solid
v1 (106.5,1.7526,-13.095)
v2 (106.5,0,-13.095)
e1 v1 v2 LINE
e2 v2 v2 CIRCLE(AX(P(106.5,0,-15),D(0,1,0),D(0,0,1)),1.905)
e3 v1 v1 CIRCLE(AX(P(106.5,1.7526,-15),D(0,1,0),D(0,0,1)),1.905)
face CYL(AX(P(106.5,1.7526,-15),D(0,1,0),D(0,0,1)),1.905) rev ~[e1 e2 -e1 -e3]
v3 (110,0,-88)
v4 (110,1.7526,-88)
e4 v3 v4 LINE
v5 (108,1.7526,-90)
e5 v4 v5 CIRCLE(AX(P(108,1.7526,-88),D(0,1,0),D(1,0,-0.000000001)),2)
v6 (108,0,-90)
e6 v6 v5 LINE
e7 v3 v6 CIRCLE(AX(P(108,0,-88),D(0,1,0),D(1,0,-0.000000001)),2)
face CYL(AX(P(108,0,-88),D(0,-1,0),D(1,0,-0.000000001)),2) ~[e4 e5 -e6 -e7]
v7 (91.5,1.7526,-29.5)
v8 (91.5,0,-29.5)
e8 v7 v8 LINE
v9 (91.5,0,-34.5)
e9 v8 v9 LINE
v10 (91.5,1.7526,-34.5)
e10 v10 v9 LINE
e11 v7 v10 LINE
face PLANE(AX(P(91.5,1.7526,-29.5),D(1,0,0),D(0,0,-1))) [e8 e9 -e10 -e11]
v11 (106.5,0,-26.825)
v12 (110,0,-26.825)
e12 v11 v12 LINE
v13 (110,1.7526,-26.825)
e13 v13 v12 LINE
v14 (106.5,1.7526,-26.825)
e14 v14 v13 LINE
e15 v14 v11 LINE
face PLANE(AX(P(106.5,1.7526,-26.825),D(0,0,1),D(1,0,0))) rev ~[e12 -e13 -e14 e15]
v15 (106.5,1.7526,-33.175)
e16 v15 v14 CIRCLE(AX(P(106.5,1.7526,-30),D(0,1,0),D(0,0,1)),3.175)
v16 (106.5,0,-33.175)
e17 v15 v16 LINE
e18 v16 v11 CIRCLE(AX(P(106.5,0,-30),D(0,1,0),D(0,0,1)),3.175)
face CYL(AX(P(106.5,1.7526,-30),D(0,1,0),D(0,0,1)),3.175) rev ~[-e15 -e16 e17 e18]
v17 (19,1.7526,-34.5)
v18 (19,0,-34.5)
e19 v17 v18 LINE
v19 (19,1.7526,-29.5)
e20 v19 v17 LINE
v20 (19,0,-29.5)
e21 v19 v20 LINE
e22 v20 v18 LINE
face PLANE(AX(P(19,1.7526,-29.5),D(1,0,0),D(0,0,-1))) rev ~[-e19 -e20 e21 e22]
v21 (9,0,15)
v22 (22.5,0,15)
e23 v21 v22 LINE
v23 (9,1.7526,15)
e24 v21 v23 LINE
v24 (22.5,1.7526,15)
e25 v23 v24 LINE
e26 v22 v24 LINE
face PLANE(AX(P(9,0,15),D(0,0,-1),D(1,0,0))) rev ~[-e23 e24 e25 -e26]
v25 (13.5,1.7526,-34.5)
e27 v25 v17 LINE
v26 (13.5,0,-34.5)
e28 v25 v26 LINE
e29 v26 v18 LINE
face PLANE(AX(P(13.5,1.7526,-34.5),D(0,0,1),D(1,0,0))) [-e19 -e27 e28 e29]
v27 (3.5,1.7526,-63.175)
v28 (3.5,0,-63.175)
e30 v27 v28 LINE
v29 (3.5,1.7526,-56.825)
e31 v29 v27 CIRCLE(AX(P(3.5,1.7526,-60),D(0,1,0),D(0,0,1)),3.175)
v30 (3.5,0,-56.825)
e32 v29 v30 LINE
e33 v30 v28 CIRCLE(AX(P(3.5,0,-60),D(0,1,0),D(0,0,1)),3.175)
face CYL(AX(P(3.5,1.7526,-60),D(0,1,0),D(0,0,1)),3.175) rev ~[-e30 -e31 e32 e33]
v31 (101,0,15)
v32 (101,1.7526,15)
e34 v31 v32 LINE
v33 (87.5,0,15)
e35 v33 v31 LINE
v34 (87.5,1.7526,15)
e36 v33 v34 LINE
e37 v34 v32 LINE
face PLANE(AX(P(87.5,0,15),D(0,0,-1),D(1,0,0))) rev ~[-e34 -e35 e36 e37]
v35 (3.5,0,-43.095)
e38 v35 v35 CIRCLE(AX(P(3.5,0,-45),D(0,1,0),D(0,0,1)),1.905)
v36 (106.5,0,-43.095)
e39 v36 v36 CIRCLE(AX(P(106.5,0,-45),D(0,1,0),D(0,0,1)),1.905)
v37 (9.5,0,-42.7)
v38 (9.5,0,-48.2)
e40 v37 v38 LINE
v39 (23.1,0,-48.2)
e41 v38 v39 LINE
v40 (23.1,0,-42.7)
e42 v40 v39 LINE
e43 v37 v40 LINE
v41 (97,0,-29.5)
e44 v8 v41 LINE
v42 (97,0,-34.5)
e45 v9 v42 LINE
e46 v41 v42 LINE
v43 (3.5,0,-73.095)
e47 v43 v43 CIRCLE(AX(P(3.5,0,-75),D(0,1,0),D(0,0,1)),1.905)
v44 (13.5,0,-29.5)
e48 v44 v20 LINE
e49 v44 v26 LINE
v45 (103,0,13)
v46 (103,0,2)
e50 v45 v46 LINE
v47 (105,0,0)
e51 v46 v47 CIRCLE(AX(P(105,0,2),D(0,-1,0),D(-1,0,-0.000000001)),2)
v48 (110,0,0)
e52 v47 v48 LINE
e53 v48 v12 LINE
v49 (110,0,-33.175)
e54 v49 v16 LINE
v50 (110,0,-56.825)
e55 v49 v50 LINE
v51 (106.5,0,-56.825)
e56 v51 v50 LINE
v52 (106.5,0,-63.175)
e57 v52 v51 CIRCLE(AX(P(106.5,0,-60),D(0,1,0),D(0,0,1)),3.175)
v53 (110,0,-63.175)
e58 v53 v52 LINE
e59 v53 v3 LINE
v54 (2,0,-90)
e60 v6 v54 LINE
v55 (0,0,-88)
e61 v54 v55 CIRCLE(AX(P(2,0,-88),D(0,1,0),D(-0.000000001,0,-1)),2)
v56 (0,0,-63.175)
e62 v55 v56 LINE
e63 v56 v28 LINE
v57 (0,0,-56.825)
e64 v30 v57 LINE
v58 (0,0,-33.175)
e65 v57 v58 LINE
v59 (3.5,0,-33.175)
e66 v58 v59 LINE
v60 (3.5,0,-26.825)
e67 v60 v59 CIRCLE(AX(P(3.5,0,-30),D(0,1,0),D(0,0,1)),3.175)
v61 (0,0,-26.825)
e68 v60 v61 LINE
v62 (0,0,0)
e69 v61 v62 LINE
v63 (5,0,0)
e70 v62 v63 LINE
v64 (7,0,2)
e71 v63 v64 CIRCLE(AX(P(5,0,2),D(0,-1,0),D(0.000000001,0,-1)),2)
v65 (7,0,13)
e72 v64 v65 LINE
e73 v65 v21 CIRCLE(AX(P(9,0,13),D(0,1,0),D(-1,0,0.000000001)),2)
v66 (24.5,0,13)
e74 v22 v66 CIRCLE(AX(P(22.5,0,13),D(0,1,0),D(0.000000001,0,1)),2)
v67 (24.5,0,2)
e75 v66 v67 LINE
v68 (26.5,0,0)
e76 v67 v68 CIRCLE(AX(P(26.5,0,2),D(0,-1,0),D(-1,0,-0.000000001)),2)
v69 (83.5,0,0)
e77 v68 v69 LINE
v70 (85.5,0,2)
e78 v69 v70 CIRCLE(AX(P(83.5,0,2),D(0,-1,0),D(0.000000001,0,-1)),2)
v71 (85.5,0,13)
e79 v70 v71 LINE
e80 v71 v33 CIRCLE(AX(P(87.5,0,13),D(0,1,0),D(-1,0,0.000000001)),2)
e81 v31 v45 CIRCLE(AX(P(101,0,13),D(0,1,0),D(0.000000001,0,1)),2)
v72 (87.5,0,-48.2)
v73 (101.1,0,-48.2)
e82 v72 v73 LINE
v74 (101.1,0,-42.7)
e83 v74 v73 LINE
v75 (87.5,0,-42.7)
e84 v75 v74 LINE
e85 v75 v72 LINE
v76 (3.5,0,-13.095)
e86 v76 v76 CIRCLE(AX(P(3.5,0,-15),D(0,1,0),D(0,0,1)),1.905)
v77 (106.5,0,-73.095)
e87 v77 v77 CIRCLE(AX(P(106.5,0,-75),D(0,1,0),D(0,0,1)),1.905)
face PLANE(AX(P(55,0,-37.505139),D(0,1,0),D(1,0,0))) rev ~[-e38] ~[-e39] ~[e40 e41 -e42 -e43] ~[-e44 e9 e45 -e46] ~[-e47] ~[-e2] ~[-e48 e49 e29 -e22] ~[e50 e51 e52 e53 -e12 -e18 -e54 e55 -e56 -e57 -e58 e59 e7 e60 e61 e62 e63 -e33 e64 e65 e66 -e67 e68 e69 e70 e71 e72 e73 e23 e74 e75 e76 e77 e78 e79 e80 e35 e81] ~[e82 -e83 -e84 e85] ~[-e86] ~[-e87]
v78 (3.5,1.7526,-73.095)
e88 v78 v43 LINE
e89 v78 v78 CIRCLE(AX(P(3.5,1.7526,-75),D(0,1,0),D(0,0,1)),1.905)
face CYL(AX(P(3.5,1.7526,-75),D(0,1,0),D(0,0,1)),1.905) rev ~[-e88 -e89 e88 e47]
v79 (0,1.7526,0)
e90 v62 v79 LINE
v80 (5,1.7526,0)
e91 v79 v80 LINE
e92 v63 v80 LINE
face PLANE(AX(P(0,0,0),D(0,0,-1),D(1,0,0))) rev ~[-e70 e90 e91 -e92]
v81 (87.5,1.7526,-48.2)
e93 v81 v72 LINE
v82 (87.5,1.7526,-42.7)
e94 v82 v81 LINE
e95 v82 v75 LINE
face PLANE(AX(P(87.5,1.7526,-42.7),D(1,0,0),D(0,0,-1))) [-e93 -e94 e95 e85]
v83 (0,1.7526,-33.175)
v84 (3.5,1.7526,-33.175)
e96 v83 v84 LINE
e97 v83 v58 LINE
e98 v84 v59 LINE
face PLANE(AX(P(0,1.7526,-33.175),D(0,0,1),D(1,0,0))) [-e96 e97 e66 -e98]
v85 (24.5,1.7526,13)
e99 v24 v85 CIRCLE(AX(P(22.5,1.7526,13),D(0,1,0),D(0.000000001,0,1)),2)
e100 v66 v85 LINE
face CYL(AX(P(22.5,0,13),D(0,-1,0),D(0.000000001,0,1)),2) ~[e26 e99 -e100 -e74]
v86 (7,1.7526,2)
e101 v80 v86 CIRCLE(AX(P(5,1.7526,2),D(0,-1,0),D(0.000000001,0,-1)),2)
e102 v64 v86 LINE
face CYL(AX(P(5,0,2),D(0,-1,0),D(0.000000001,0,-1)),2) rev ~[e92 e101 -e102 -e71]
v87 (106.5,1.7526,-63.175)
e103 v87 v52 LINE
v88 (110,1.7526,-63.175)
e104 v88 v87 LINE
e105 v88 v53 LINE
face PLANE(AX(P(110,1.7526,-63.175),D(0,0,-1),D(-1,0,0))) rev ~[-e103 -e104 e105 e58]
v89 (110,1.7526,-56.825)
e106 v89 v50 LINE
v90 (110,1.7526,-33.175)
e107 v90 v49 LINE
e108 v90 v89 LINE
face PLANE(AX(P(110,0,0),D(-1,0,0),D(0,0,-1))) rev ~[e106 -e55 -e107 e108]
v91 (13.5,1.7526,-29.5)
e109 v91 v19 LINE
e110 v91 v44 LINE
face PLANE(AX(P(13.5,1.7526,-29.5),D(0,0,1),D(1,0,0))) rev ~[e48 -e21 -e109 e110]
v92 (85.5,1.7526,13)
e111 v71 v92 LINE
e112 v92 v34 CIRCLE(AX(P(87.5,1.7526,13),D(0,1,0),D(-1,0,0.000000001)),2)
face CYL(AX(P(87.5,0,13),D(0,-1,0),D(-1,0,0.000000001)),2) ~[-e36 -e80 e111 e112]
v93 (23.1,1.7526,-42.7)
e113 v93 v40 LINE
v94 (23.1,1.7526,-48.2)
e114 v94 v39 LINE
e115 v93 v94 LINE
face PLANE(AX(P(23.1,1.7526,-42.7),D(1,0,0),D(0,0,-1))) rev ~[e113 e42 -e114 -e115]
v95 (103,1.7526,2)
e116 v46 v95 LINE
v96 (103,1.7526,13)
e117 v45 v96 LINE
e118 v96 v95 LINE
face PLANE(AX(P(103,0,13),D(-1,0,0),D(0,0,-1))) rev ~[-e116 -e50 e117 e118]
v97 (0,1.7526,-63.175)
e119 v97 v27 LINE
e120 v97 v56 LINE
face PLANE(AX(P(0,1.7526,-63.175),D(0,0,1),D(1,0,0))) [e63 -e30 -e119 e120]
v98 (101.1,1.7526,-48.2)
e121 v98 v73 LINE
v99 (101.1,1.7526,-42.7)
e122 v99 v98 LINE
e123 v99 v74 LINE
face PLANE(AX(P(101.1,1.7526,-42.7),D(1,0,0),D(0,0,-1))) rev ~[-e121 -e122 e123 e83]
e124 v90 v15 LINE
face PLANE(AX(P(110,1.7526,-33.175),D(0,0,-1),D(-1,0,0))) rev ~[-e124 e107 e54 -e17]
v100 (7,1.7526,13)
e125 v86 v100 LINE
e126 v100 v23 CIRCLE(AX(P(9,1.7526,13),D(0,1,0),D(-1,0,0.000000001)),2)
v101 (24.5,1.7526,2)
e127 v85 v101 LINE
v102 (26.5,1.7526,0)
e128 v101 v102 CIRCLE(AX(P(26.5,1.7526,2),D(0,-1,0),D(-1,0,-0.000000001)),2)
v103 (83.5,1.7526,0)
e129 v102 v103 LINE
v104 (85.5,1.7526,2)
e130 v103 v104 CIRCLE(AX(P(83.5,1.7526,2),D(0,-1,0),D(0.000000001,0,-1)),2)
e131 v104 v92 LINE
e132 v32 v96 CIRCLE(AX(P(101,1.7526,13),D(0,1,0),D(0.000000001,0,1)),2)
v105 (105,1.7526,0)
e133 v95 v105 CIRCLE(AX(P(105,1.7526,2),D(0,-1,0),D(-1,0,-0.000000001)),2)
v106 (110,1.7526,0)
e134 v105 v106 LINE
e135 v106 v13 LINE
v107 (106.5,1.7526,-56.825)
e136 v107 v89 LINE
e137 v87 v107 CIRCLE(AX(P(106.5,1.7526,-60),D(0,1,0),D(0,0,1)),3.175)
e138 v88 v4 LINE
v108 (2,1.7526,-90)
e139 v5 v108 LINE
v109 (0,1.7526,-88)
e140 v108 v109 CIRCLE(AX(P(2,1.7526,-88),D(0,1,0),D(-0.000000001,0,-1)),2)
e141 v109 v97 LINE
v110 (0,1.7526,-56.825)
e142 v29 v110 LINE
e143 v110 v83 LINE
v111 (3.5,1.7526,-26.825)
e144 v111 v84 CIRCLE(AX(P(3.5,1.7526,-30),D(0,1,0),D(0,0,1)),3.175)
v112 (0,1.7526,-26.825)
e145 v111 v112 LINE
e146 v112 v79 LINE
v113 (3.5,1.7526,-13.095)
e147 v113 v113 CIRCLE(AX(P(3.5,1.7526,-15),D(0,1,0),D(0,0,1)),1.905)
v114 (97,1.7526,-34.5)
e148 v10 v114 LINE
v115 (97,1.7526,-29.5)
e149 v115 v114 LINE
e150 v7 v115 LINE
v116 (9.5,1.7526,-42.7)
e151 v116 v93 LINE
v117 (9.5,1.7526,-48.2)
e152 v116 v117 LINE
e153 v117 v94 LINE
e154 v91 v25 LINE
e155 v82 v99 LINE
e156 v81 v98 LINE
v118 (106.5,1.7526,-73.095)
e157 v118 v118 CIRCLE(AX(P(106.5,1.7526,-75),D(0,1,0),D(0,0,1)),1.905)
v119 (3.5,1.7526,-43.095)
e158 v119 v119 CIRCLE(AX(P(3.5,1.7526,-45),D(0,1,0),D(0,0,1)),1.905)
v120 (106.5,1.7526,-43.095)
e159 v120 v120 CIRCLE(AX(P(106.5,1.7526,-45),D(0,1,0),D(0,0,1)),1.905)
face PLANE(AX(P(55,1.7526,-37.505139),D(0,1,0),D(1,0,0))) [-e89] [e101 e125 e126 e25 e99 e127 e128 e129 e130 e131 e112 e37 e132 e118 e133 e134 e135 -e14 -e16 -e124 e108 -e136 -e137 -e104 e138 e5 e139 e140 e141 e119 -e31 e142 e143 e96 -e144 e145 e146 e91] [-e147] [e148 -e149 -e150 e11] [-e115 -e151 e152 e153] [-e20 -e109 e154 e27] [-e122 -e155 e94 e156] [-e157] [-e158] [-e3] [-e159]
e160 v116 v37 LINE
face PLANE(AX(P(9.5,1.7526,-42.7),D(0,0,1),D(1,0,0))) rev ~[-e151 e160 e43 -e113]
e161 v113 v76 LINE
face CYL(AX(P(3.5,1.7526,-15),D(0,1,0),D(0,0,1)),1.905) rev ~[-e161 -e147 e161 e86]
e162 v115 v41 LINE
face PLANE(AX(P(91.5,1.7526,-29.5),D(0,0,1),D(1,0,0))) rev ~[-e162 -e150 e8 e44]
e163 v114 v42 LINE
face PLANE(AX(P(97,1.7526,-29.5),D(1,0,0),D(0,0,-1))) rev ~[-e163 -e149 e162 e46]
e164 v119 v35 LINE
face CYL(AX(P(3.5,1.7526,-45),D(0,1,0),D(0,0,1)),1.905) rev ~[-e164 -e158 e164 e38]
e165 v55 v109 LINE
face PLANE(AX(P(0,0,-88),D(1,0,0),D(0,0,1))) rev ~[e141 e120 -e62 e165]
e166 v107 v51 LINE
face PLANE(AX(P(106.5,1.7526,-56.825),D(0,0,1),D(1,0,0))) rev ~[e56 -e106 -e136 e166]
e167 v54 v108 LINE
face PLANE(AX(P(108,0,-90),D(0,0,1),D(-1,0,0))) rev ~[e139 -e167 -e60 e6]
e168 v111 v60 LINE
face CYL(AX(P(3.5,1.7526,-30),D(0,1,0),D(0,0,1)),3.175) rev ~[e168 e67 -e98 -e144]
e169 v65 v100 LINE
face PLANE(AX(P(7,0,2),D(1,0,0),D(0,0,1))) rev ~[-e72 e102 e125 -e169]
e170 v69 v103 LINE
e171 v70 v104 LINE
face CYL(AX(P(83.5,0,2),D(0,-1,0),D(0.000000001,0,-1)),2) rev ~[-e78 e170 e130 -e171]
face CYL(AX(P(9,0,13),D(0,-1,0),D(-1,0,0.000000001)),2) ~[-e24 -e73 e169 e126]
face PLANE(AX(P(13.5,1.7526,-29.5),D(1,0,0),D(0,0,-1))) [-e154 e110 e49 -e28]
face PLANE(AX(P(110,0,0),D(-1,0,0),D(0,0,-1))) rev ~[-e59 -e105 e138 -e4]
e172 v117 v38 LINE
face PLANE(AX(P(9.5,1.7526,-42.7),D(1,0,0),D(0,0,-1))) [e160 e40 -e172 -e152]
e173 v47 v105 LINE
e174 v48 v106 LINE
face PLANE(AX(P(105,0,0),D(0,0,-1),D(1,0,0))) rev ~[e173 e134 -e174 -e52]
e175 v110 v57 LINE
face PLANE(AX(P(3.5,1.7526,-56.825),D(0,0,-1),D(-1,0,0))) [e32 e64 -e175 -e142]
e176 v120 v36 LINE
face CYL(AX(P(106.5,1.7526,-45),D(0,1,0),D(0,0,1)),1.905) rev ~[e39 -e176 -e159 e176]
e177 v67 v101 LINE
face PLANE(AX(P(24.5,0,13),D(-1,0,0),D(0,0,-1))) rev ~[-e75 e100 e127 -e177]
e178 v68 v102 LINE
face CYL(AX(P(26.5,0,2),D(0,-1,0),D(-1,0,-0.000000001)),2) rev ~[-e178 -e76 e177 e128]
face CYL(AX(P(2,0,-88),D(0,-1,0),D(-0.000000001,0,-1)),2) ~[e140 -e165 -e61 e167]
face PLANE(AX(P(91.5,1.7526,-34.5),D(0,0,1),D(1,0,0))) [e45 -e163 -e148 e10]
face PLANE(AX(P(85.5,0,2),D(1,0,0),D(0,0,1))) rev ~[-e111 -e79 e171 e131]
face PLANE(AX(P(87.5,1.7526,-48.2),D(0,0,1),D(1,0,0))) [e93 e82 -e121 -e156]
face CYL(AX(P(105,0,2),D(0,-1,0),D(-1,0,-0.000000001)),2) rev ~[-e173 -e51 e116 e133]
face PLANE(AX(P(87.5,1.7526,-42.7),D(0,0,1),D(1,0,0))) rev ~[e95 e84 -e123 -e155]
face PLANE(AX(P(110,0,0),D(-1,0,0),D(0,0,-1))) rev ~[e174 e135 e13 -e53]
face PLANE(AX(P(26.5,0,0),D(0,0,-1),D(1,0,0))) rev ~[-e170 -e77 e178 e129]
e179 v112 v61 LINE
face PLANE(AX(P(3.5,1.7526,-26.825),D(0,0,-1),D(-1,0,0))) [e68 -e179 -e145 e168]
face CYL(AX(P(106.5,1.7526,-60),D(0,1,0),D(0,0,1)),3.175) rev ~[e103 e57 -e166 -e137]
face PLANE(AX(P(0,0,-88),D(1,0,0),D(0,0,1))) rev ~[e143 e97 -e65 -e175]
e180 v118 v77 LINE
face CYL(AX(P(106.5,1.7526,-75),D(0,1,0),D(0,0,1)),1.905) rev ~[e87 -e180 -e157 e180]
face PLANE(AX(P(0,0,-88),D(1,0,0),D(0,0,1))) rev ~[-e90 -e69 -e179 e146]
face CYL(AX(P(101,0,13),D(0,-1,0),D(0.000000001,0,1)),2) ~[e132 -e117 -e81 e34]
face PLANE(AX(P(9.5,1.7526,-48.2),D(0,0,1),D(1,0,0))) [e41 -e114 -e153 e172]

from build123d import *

# Parameters (mm, degrees)
FR4_DEPTH                     = 1.7526
SKETCH6_W                     = 5.5
SKETCH6_H                     = 5
SKETCH6_W_2                   = 13.6
SKETCH6_H_2                   = 5.5
FIBER_TRANSCEIVER_SLOTS_DEPTH = 143.1375095
SKETCH7_R                     = 1.905
CUT_EXTRUDE1_DEPTH            = 143.1375095
SKETCH8_R                     = 3.175
CUT_EXTRUDE2_DEPTH            = 143.1375095
CUT_EXTRUDE3_DEPTH            = 143.1375095


with BuildPart() as part:
    # Sketch1 → FR4 (new body)
    with BuildSketch(Plane(origin=(0, 0, 0), x_dir=(1, 0, 0), z_dir=(0, 1, 0))):
        with BuildLine():
            Line((0, 0), (5, 0))
            ThreePointArc((5, 0), (6.414213562, -0.585786438), (7, -2))
            Line((7, -2), (7, -13))
            ThreePointArc((7, -13), (7.585786438, -14.414213562), (9, -15))
            Line((9, -15), (22.5, -15))
            ThreePointArc((22.5, -15), (23.914213562, -14.414213562), (24.5, -13))
            Line((24.5, -13), (24.5, -2))
            ThreePointArc((24.5, -2), (25.085786438, -0.585786438), (26.5, 0))
            Line((26.5, 0), (83.5, 0))
            ThreePointArc((83.5, 0), (84.914213562, -0.585786438), (85.5, -2))
            Line((85.5, -2), (85.5, -13))
            ThreePointArc((85.5, -13), (86.085786438, -14.414213562), (87.5, -15))
            Line((87.5, -15), (101, -15))
            ThreePointArc((101, -15), (102.414213562, -14.414213562), (103, -13))
            Line((103, -13), (103, -2))
            ThreePointArc((103, -2), (103.585786438, -0.585786438), (105, 0))
            Line((105, 0), (110, 0))
            Line((110, 0), (110, 88))
            ThreePointArc((110, 88), (109.414213562, 89.414213562), (108, 90))
            Line((108, 90), (2, 90))
            ThreePointArc((2, 90), (0.585786438, 89.414213562), (0, 88))
            Line((0, 88), (0, 0))
        make_face()
    extrude(amount=FR4_DEPTH)

    # Sketch6 → fiber-transceiver-slots (cut, through all)
    with BuildSketch(Plane(origin=(0, 1.7526, 0), x_dir=(1, 0, 0), z_dir=(0, 1, 0))):
        with Locations((16.25, 32)):
            Rectangle(SKETCH6_W, SKETCH6_H)
        with Locations((94.25, 32)):
            Rectangle(SKETCH6_W, SKETCH6_H)
        with Locations((94.3, 45.45)):
            Rectangle(SKETCH6_W_2, SKETCH6_H_2)
        with Locations((16.3, 45.45)):
            Rectangle(SKETCH6_W_2, SKETCH6_H_2)
    extrude(amount=-FIBER_TRANSCEIVER_SLOTS_DEPTH, mode=Mode.SUBTRACT)

    # Sketch7 → Cut-Extrude1 (cut, through all)
    with BuildSketch(Plane(origin=(0, 1.7526, 0), x_dir=(1, 0, 0), z_dir=(0, 1, 0))):
        with Locations(Location((3.5, 15, 0), (0, 0, 270))):
            Circle(SKETCH7_R)
        with Locations(Location((106.5, 15, 0), (0, 0, 270))):
            Circle(SKETCH7_R)
        with Locations(Location((106.5, 30, 0), (0, 0, 270))):
            Circle(SKETCH7_R)
        with Locations(Location((106.5, 45, 0), (0, 0, 270))):
            Circle(SKETCH7_R)
        with Locations(Location((106.5, 60, 0), (0, 0, 270))):
            Circle(SKETCH7_R)
        with Locations(Location((106.5, 75, 0), (0, 0, 270))):
            Circle(SKETCH7_R)
        with Locations(Location((3.5, 30, 0), (0, 0, 270))):
            Circle(SKETCH7_R)
        with Locations(Location((3.5, 45, 0), (0, 0, 270))):
            Circle(SKETCH7_R)
        with Locations(Location((3.5, 60, 0), (0, 0, 270))):
            Circle(SKETCH7_R)
        with Locations(Location((3.5, 75, 0), (0, 0, 270))):
            Circle(SKETCH7_R)
    extrude(amount=-CUT_EXTRUDE1_DEPTH, mode=Mode.SUBTRACT)

    # Sketch8 → Cut-Extrude2 (cut, through all)
    with BuildSketch(Plane(origin=(0, 1.7526, 0), x_dir=(1, 0, 0), z_dir=(0, 1, 0))):
        with Locations(Location((3.5, 30, 0), (0, 0, 270))):
            Circle(SKETCH8_R)
        with Locations(Location((3.5, 60, 0), (0, 0, 270))):
            Circle(SKETCH8_R)
        with Locations(Location((106.5, 60, 0), (0, 0, 270))):
            Circle(SKETCH8_R)
        with Locations(Location((106.5, 30, 0), (0, 0, 270))):
            Circle(SKETCH8_R)
    extrude(amount=-CUT_EXTRUDE2_DEPTH, mode=Mode.SUBTRACT)

    # Sketch9 → Cut-Extrude3 (cut, through all)
    with BuildSketch(Plane(origin=(0, 1.7526, 0), x_dir=(1, 0, 0), z_dir=(0, 1, 0))):
        with BuildLine():
            Line((0, 63.175), (3.5, 63.175))
            ThreePointArc((3.5, 63.175), (6.675, 60), (3.5, 56.825))
            Line((3.5, 56.825), (0, 56.825))
            Line((0, 56.825), (0, 63.175))
        make_face()
        with BuildLine():
            Line((0, 33.175), (3.5, 33.175))
            ThreePointArc((3.5, 33.175), (6.675, 30), (3.5, 26.825))
            Line((3.5, 26.825), (0, 26.825))
            Line((0, 26.825), (0, 33.175))
        make_face()
        with BuildLine():
            Line((110, 63.175), (106.5, 63.175))
            ThreePointArc((106.5, 63.175), (103.325, 60), (106.5, 56.825))
            Line((106.5, 56.825), (110, 56.825))
            Line((110, 56.825), (110, 63.175))
        make_face()
        with BuildLine():
            Line((110, 33.175), (106.5, 33.175))
            ThreePointArc((106.5, 33.175), (103.325, 30), (106.5, 26.825))
            Line((106.5, 26.825), (110, 26.825))
            Line((110, 26.825), (110, 33.175))
        make_face()
    extrude(amount=-CUT_EXTRUDE3_DEPTH, mode=Mode.SUBTRACT)


solid = part.part
